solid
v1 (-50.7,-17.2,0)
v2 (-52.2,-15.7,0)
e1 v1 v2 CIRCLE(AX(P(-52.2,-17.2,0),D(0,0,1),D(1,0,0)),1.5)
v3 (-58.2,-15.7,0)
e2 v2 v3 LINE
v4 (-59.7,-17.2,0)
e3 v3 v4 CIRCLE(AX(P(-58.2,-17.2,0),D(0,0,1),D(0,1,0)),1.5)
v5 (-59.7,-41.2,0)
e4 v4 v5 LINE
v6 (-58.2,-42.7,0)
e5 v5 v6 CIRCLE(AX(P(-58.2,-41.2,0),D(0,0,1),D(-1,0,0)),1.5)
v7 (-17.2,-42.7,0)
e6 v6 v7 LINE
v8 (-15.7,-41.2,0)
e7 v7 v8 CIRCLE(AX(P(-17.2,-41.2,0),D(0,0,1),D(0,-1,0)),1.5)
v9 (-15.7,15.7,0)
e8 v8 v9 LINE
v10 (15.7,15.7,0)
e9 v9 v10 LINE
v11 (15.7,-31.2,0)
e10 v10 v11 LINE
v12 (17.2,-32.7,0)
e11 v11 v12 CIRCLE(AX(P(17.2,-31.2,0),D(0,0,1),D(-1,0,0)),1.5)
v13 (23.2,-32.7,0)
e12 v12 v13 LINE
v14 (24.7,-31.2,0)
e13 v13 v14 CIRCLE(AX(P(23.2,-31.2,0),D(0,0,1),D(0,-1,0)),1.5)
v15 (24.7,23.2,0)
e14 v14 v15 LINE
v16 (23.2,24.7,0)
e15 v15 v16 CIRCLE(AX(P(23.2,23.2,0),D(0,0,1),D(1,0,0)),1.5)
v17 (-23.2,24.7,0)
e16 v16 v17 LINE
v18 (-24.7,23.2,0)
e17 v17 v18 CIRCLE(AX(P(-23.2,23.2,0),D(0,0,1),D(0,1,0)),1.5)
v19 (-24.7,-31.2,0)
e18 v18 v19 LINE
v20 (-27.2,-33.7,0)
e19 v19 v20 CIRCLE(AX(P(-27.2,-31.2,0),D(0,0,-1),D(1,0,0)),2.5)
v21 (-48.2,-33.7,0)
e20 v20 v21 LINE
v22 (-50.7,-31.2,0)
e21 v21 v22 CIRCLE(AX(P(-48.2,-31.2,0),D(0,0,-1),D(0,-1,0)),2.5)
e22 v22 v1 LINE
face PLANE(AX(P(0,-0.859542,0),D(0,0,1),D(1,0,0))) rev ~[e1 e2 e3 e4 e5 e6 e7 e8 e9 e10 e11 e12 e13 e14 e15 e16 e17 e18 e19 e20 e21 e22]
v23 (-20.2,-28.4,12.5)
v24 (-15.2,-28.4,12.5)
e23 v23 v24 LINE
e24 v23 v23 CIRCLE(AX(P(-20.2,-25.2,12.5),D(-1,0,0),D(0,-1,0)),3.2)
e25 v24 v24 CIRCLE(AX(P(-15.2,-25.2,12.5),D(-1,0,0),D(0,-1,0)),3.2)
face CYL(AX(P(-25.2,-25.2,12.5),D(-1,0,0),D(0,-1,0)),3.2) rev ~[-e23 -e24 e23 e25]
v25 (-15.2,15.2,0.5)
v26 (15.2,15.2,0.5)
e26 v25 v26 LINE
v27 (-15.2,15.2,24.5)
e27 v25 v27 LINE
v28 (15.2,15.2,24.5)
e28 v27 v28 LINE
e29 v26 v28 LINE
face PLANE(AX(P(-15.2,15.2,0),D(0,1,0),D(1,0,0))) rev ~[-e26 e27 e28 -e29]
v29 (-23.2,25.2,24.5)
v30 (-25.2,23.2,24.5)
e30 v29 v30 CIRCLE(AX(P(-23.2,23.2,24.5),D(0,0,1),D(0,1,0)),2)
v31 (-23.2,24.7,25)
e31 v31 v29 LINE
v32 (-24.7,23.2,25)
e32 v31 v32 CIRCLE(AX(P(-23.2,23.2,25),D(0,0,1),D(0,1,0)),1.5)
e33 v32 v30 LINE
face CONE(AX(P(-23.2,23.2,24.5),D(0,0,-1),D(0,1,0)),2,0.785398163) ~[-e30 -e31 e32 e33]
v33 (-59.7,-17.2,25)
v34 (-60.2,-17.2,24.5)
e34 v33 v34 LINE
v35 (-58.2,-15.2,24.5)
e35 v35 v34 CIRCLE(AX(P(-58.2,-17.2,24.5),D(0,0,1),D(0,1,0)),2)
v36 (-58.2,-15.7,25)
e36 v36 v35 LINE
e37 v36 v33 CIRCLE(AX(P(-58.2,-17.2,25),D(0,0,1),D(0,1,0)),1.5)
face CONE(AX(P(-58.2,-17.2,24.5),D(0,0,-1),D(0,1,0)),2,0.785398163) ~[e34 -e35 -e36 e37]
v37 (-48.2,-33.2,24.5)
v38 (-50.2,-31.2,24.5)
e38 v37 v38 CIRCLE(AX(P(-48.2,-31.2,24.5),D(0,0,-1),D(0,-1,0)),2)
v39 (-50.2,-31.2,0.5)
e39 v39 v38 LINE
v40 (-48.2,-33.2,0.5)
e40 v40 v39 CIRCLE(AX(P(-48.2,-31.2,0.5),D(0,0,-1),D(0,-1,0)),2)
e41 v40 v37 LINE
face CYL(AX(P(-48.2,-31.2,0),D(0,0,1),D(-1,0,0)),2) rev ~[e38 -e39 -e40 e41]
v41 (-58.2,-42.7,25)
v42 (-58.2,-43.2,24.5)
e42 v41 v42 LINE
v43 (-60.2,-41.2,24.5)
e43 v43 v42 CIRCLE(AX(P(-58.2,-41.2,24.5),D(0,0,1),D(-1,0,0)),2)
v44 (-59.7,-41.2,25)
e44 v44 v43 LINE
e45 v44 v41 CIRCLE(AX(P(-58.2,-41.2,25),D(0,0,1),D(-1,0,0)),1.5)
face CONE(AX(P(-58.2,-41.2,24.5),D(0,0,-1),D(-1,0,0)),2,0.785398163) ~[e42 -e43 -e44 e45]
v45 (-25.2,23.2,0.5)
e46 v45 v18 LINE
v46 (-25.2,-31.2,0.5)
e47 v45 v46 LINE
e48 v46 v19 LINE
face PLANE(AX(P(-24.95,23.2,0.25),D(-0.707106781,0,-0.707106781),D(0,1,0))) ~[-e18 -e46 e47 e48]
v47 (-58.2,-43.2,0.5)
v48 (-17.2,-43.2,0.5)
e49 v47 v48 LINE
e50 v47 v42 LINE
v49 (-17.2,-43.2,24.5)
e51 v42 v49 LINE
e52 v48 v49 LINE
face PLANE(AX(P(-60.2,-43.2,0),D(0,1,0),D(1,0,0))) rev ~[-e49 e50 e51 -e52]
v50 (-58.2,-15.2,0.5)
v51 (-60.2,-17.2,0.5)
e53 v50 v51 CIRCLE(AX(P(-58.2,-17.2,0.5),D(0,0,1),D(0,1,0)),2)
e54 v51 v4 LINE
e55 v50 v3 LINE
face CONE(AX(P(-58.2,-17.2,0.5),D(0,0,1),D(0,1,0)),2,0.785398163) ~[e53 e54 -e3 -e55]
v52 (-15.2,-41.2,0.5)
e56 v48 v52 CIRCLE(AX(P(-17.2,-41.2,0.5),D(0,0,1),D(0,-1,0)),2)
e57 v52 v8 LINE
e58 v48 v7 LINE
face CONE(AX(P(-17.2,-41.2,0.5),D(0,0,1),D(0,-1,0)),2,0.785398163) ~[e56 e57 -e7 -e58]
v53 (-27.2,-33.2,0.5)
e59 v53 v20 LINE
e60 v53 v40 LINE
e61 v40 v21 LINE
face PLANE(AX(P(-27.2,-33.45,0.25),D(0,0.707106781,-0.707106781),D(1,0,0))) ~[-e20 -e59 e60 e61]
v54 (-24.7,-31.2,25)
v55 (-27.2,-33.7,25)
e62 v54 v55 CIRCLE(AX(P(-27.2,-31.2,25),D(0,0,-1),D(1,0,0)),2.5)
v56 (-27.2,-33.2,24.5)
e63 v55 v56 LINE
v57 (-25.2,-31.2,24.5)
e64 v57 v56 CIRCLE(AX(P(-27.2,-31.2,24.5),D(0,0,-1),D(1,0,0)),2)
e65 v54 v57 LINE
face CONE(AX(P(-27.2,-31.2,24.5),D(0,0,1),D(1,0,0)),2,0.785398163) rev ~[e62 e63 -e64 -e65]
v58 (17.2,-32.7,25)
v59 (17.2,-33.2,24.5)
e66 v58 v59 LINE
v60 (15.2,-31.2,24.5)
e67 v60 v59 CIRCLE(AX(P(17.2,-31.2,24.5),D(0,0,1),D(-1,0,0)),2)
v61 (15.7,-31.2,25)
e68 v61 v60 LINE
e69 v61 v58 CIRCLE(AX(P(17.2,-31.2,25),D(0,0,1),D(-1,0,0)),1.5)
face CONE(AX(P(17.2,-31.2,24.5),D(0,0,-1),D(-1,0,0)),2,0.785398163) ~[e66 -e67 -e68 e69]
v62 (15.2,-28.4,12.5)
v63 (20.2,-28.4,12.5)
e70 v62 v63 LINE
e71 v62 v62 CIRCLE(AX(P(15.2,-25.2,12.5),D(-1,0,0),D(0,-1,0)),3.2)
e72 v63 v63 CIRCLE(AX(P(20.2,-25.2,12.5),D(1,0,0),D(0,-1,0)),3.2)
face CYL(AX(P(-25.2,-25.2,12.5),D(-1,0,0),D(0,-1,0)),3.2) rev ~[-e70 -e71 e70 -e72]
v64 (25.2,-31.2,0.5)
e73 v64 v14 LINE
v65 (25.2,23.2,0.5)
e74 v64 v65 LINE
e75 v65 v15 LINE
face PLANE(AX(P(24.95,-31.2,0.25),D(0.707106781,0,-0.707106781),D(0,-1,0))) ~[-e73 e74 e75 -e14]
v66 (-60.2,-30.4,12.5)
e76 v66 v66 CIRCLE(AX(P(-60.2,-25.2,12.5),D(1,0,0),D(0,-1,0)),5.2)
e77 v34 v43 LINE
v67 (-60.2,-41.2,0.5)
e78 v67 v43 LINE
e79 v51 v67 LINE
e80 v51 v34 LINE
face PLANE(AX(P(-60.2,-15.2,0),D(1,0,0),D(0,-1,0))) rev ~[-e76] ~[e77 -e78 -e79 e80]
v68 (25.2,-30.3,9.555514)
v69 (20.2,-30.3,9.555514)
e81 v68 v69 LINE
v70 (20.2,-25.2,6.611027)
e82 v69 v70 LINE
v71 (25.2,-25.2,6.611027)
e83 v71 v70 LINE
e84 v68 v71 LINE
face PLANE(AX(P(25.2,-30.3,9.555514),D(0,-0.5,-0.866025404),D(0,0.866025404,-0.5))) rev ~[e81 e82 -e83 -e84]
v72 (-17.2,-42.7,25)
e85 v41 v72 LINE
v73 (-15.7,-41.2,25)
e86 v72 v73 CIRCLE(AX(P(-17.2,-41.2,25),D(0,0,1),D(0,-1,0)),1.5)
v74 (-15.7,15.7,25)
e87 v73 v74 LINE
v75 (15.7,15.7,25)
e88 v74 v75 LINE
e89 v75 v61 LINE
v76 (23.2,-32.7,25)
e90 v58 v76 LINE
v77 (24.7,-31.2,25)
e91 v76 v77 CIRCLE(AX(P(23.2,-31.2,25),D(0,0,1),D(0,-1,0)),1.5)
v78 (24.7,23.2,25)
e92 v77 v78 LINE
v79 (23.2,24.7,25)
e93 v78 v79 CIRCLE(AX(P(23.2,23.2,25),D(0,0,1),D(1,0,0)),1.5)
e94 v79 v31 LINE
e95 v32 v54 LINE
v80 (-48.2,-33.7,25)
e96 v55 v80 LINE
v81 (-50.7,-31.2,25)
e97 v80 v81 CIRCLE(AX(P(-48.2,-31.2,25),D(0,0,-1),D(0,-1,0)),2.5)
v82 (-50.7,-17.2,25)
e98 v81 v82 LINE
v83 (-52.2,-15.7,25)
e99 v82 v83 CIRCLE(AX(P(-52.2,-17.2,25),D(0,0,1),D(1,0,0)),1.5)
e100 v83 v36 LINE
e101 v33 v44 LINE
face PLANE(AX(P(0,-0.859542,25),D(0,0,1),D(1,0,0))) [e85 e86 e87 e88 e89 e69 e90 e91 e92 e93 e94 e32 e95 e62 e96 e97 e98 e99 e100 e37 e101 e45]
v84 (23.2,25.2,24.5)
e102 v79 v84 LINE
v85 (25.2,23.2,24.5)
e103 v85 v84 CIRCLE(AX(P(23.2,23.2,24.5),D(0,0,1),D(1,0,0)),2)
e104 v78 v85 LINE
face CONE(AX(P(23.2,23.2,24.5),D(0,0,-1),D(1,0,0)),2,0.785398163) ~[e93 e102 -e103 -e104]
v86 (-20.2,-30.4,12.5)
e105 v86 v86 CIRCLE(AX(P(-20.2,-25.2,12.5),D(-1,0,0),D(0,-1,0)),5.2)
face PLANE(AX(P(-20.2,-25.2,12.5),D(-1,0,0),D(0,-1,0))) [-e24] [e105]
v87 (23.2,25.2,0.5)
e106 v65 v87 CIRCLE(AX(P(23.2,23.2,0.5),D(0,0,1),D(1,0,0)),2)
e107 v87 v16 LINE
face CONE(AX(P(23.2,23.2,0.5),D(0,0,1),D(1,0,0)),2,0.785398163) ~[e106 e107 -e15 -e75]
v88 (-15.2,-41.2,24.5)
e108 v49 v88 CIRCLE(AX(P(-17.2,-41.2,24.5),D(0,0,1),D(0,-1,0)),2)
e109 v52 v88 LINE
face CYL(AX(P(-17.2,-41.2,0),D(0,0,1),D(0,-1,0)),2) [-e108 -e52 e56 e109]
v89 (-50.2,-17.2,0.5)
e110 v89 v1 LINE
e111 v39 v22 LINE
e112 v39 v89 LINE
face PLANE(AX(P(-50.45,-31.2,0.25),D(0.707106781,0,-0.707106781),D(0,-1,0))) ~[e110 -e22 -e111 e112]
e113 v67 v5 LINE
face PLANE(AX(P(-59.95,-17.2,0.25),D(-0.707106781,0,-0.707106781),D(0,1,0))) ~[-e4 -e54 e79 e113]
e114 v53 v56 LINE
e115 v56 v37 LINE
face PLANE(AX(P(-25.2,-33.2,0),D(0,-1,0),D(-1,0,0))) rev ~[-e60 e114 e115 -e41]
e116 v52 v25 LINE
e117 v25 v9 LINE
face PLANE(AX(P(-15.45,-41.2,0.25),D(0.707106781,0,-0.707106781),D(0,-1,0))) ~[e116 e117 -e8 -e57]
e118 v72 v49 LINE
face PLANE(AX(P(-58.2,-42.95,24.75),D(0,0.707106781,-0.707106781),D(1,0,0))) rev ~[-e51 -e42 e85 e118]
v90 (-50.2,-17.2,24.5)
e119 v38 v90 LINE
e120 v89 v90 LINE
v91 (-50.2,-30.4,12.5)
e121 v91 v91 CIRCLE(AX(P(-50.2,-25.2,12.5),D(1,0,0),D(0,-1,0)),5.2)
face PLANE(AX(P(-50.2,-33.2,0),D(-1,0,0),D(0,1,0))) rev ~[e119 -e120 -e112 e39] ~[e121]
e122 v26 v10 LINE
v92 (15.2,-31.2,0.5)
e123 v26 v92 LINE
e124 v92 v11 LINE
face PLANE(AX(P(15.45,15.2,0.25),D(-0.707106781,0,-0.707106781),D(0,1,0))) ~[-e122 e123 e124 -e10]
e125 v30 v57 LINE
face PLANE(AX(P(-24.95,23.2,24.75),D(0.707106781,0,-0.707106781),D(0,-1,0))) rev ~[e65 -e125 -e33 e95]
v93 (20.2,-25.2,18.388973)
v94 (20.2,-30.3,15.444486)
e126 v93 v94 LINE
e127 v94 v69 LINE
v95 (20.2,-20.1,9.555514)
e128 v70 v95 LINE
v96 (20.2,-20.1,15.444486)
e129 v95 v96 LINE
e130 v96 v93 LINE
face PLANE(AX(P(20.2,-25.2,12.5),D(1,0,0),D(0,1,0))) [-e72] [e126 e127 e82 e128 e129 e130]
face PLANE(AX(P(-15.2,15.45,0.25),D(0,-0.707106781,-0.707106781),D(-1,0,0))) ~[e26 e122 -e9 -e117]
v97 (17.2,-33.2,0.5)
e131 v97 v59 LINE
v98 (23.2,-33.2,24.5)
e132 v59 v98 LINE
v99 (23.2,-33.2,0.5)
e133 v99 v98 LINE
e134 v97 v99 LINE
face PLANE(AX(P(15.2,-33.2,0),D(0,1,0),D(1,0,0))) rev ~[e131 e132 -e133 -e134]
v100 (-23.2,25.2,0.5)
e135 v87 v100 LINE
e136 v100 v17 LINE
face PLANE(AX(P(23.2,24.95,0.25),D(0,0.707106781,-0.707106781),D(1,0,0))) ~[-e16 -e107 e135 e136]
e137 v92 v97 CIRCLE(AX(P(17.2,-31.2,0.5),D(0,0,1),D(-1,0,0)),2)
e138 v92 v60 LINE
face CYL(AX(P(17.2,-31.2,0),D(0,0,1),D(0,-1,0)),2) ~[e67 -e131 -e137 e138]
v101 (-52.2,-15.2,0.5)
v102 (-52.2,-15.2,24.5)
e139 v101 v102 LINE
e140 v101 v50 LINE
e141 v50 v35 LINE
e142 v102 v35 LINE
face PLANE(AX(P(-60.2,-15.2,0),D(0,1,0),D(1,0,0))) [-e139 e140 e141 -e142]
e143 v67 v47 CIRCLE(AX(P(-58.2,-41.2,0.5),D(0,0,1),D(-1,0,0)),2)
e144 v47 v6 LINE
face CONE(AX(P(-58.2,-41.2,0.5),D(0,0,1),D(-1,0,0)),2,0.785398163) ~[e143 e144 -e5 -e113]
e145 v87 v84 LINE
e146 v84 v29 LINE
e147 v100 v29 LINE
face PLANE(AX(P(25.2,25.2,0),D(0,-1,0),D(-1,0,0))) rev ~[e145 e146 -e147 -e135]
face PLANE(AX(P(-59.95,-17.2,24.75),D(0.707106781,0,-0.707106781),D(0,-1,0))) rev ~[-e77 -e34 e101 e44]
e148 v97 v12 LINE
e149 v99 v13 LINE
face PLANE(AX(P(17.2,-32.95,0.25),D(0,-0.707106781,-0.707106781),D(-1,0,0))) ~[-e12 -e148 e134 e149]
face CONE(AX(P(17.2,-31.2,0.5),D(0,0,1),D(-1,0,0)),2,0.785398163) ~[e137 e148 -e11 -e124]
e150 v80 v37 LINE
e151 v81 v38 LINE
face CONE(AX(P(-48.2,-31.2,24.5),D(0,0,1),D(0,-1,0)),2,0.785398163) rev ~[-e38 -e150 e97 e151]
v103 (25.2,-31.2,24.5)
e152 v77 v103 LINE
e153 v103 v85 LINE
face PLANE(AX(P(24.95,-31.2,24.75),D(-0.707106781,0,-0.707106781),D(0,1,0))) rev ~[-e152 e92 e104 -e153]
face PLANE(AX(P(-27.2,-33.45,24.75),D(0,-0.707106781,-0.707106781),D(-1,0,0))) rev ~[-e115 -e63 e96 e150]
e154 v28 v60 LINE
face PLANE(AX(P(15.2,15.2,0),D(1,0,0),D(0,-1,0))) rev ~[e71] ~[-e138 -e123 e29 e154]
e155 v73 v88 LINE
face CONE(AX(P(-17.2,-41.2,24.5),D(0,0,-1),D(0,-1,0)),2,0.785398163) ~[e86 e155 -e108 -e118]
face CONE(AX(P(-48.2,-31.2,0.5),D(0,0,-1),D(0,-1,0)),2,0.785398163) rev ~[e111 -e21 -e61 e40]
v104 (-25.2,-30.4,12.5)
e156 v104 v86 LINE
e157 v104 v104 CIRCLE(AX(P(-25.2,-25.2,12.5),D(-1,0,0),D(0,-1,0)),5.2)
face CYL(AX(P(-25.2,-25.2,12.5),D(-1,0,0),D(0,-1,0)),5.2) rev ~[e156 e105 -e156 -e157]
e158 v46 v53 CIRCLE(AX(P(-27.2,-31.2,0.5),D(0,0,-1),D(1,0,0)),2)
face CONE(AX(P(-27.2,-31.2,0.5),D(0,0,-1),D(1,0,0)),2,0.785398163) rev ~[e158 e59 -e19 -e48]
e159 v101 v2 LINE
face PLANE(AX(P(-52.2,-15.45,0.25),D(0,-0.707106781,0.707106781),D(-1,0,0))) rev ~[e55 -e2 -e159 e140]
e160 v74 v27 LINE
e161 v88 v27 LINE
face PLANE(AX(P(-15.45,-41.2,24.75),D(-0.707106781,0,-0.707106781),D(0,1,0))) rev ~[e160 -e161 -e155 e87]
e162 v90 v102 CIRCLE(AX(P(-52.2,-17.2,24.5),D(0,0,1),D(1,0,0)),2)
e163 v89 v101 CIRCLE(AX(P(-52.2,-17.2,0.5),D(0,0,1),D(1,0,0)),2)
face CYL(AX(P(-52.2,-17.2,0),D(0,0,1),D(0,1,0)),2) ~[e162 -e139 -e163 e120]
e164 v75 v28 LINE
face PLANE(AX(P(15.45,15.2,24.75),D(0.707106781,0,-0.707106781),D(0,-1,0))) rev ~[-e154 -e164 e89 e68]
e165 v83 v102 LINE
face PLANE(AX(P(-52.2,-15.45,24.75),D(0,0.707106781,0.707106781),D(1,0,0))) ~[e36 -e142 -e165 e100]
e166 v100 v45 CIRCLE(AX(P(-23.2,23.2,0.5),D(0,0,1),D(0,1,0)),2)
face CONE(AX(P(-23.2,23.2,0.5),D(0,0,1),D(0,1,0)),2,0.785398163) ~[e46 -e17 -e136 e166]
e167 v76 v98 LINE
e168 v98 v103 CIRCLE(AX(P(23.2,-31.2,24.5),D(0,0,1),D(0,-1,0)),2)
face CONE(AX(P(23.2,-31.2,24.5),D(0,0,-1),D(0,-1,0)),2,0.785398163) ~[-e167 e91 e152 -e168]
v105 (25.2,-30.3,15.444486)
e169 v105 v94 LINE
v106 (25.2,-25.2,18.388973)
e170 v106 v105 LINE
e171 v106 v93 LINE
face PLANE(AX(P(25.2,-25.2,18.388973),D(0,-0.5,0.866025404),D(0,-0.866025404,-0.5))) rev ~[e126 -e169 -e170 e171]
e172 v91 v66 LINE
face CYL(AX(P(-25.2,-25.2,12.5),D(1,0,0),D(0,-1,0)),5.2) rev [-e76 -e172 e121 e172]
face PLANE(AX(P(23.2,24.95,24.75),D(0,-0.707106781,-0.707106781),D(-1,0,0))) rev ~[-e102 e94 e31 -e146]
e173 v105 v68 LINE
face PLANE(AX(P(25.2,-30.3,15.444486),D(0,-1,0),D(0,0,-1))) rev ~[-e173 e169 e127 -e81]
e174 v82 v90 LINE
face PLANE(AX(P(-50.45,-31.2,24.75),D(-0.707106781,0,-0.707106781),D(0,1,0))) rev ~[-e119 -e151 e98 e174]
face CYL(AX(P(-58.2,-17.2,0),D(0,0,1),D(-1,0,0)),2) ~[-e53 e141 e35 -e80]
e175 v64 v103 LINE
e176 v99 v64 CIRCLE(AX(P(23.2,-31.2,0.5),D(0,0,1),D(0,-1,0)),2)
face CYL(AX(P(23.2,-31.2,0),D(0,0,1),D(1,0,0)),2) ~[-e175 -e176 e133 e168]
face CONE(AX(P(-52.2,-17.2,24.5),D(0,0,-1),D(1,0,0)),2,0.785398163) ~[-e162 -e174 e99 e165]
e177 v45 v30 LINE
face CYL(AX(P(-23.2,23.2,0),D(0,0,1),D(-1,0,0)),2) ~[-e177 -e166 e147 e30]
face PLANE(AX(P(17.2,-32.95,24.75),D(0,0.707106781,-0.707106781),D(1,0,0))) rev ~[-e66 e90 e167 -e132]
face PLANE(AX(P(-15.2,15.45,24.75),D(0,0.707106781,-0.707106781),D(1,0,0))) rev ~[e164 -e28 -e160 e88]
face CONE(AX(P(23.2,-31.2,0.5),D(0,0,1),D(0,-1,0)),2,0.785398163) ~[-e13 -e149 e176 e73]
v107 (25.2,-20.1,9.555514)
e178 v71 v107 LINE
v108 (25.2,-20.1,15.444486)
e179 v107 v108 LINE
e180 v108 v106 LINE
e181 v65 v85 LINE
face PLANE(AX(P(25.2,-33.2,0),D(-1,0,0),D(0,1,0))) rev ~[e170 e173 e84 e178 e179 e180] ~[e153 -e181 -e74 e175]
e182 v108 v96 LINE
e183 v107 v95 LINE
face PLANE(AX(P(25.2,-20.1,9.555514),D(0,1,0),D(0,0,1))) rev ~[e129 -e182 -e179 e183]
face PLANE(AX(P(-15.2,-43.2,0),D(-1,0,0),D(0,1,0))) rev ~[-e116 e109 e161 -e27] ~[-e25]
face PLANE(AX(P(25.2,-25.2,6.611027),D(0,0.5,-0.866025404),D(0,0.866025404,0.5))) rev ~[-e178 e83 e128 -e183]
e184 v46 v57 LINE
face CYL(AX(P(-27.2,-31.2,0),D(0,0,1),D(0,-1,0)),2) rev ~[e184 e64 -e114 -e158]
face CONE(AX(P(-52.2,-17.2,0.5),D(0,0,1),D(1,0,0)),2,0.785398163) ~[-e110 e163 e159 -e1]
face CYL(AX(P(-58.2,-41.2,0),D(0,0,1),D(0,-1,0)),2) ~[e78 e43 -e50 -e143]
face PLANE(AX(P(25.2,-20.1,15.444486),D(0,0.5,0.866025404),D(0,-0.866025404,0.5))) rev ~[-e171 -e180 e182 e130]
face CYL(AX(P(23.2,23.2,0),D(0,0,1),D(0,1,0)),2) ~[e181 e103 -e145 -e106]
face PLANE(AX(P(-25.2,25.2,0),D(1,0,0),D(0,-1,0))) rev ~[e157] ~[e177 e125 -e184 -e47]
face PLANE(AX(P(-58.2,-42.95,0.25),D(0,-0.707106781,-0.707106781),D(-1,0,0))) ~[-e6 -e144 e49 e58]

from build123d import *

# Parameters (mm, degrees)
F0_W          = 10
F0_H          = 18
F1_DEPTH      = 25
F2_R          = 3.2
F3_DEPTH      = 50.401
F3_DEPTH_BACK = 35.001
F2_R_2        = 5.2
F4_DEPTH      = 5
F4_DEPTH_BACK = 35.001
F5_R          = 3.2
F6_DEPTH      = 5
F7_R          = 2
F8_SIZE       = 0.5


with BuildPart() as f1:
    # F0 (on Top) → F1 (new body)
    with BuildSketch(Plane.XY):
        Polygon((-15.2, 15.2), (15.2, 15.2), (15.2, -33.2), (25.2, -33.2), (25.2, 25.2), (-25.2, 25.2), (-25.2, -33.2), (-15.2, -33.2), align=None)
        Polygon((-15.2, -43.2), (-15.2, -33.2), (-25.2, -33.2), (-50.2, -33.2), (-60.2, -33.2), (-60.2, -43.2), align=None)
        with Locations((-55.2, -24.2)):
            Rectangle(F0_W, F0_H)
    extrude(amount=F1_DEPTH)

    # F2 (on face) → F3 (cut, two sides)
    with BuildSketch(Plane(origin=(-25.2, 0, 0), x_dir=(0, -1, 0), z_dir=(-1, 0, 0))) as f3_sk:
        with Locations((25.2, 12.5)):
            Circle(F2_R)
    extrude(amount=-F3_DEPTH, mode=Mode.SUBTRACT)
    extrude(f3_sk.sketch, amount=F3_DEPTH_BACK, mode=Mode.SUBTRACT)

    # F2 (on face) → F4 (cut, two sides)
    with BuildSketch(Plane(origin=(-25.2, 0, 0), x_dir=(0, -1, 0), z_dir=(-1, 0, 0))) as f4_sk:
        with Locations((25.2, 12.5)):
            Circle(F2_R_2)
        with Locations((25.2, 12.5)):
            Circle(F2_R, mode=Mode.SUBTRACT)
    extrude(amount=-F4_DEPTH, mode=Mode.SUBTRACT)
    extrude(f4_sk.sketch, amount=F4_DEPTH_BACK, mode=Mode.SUBTRACT)

    # F5 (on face) → F6 (cut)
    with BuildSketch(Plane.YZ.offset(25.2)):
        Polygon((-30.3, 9.5555136271), (-25.2, 6.6110272543), (-20.1, 9.5555136271), (-20.1, 15.4444863729), (-25.2, 18.3889727457), (-30.3, 15.4444863729), align=None)
        with Locations((-25.2, 12.5)):
            Circle(F5_R, mode=Mode.SUBTRACT)
    extrude(amount=-F6_DEPTH, mode=Mode.SUBTRACT)

    # F7
    f7_edges = [f1.edges().sort_by_distance(p)[0] for p in [
        (-25.2, -33.2, 12.5),
        (-15.2, -43.2, 12.5),
        (15.2, -33.2, 12.5),
        (25.2, -33.2, 12.5),
        (25.2, 25.2, 12.5),
        (-50.2, -33.2, 12.5),
        (-50.2, -15.2, 12.5),
        (-60.2, -15.2, 12.5),
        (-60.2, -43.2, 12.5),
        (-25.2, 25.2, 12.5),
    ]]
    fillet(f7_edges, radius=F7_R)

    # F8
    f8_edges = [f1.edges().sort_by_distance(p)[0] for p in [
        (15.2, -8, 25),
        (15.785786, -32.614214, 25),
        (0, 15.2, 25),
        (20.2, -33.2, 25),
        (-15.2, -13, 25),
        (24.614214, -32.614214, 25),
        (-15.785786, -42.614214, 25),
        (25.2, -4, 25),
        (-37.7, -43.2, 25),
        (24.614214, 24.614214, 25),
        (-59.614214, -42.614214, 25),
        (0, 25.2, 25),
        (-60.2, -29.2, 25),
        (-24.614214, 24.614214, 25),
        (-59.614214, -15.785786, 25),
        (-25.2, -4, 25),
        (-55.2, -15.2, 25),
        (-25.785786, -32.614214, 25),
        (-50.785786, -15.785786, 25),
        (-37.7, -33.2, 25),
        (-50.2, -24.2, 25),
        (-49.614214, -32.614214, 25),
        (15.2, -8, 0),
        (15.785786, -32.614214, 0),
        (0, 15.2, 0),
        (20.2, -33.2, 0),
        (-15.2, -13, 0),
        (24.614214, -32.614214, 0),
        (-15.785786, -42.614214, 0),
        (25.2, -4, 0),
        (-37.7, -43.2, 0),
        (24.614214, 24.614214, 0),
        (-59.614214, -42.614214, 0),
        (0, 25.2, 0),
        (-60.2, -29.2, 0),
        (-24.614214, 24.614214, 0),
        (-59.614214, -15.785786, 0),
        (-25.2, -4, 0),
        (-55.2, -15.2, 0),
        (-25.785786, -32.614214, 0),
        (-50.785786, -15.785786, 0),
        (-37.7, -33.2, 0),
        (-50.2, -24.2, 0),
        (-49.614214, -32.614214, 0),
    ]]
    chamfer(f8_edges, length=F8_SIZE)


solid = f1.part
